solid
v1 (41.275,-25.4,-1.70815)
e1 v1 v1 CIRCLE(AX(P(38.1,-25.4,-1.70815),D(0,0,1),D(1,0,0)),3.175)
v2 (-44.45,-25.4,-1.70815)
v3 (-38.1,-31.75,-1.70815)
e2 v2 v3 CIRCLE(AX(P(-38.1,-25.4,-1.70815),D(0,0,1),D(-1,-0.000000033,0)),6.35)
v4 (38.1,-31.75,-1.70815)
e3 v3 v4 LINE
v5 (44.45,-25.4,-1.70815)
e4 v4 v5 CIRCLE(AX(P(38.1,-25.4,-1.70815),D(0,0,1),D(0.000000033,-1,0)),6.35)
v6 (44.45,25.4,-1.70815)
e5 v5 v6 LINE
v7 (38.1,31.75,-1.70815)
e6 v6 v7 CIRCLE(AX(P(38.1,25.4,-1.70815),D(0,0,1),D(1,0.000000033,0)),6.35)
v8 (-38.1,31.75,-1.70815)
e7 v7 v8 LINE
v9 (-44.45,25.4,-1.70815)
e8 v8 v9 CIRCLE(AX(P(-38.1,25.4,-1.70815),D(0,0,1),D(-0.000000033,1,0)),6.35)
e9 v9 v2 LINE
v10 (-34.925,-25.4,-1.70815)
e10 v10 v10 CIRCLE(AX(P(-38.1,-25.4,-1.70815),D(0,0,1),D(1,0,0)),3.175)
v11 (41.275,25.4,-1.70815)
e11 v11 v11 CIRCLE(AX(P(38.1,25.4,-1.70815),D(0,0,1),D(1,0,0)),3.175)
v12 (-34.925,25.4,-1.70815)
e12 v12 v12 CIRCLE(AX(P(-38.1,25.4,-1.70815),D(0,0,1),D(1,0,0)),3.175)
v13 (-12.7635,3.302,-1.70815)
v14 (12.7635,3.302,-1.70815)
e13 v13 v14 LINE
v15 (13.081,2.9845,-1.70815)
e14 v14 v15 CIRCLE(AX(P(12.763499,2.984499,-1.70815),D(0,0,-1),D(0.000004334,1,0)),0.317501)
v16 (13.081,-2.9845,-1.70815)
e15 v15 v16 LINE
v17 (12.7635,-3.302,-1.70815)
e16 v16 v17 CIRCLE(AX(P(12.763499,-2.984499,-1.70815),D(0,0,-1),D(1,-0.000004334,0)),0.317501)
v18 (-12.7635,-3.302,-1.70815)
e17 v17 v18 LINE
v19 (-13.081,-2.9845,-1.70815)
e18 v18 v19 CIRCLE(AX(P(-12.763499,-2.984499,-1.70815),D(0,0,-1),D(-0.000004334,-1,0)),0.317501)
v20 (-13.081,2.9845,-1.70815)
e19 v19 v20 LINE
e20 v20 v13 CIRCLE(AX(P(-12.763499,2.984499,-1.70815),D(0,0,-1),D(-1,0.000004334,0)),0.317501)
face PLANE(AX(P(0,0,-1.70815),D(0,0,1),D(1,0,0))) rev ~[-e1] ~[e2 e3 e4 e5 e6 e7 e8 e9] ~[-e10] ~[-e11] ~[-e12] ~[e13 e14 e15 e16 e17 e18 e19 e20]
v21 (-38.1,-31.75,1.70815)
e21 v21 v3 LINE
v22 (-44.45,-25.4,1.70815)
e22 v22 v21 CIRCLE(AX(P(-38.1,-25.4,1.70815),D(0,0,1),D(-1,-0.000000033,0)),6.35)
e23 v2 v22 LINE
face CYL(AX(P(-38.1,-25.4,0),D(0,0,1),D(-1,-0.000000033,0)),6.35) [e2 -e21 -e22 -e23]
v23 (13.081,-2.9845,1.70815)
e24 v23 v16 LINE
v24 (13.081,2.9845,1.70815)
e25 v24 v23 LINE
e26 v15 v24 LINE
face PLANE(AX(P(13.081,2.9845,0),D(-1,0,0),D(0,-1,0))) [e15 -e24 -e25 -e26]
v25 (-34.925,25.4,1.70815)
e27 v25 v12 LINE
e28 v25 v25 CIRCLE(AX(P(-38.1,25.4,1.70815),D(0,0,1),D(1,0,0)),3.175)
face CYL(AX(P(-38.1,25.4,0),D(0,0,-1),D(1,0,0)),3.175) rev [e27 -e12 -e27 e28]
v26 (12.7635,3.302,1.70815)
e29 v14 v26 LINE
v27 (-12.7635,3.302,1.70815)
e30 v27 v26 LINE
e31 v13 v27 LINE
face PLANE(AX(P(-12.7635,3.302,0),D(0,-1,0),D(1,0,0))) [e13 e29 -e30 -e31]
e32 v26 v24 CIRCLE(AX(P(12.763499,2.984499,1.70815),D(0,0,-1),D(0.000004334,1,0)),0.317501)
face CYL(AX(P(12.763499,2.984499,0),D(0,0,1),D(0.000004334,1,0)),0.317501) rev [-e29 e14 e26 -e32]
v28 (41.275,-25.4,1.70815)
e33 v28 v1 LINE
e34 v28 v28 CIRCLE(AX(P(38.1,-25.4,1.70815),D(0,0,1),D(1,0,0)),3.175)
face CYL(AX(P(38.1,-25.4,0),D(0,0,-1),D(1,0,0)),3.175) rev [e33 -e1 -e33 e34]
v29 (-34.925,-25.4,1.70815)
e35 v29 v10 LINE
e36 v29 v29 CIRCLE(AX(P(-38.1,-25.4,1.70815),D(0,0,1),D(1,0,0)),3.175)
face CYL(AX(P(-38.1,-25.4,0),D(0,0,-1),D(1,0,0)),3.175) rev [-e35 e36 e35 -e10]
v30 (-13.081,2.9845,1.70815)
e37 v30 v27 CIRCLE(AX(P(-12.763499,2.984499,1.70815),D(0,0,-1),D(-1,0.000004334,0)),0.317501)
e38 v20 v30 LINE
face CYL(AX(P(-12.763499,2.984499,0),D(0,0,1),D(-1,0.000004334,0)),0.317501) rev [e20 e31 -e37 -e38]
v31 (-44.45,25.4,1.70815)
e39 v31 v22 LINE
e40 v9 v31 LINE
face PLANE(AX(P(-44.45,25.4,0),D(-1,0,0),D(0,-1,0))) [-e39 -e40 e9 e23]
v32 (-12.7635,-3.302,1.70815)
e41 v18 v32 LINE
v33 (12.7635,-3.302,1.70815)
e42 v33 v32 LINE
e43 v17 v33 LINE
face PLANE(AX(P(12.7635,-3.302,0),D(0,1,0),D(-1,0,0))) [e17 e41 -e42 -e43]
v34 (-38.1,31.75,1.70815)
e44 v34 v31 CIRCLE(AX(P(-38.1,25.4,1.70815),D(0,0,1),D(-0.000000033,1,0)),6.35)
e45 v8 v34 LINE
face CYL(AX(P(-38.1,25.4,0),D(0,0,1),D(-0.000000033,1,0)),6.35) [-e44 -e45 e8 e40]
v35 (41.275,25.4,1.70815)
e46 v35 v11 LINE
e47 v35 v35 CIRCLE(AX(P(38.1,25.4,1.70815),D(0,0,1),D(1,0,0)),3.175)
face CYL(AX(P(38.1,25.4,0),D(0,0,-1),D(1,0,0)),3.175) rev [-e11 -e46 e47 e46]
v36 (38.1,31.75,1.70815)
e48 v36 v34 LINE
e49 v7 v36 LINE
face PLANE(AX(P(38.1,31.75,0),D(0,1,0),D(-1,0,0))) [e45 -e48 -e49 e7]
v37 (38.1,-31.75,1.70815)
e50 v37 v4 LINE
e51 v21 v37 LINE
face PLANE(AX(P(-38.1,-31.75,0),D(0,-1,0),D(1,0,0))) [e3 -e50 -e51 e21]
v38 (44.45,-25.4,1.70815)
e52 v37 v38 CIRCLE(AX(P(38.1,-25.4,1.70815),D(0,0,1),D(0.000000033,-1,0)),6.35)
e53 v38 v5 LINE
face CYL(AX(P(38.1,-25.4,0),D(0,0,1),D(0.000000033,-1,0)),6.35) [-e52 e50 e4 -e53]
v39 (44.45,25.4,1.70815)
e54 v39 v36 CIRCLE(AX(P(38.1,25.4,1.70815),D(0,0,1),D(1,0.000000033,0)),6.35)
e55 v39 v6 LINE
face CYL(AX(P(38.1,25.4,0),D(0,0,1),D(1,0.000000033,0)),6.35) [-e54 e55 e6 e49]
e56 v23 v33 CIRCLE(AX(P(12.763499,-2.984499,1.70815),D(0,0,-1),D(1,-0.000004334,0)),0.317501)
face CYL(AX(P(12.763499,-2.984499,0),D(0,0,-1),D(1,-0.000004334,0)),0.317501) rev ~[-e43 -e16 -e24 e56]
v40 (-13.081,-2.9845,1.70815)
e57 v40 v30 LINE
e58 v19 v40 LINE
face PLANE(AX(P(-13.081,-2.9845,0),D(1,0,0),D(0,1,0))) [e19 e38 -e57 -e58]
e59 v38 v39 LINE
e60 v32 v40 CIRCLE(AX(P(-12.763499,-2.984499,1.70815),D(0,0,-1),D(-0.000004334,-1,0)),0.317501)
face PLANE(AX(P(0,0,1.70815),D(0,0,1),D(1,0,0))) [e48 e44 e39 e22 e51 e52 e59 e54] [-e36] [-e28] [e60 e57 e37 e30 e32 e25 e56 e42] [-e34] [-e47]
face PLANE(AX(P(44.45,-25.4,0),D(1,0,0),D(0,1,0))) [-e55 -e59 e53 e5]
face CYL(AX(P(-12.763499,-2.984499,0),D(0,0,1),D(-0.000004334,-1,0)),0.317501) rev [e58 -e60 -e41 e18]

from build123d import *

# Parameters (mm, degrees)
F0_R     = 3.175
F1_DEPTH = 1.70815


with BuildPart() as f1:
    # F0 (on Top) → F1 (new body, symmetric)
    with BuildSketch(Plane.XY):
        with BuildLine():
            ThreePointArc((44.45, 25.4), (42.590128, 29.890128), (38.1, 31.75))
            Line((38.1, 31.75), (-38.1, 31.75))
            ThreePointArc((-38.1, 31.75), (-42.590128, 29.890128), (-44.45, 25.4))
            Line((-44.45, 25.4), (-44.45, -25.4))
            ThreePointArc((-44.45, -25.4), (-42.590128, -29.890128), (-38.1, -31.75))
            Line((-38.1, -31.75), (38.1, -31.75))
            ThreePointArc((38.1, -31.75), (42.590128, -29.890128), (44.45, -25.4))
            Line((44.45, -25.4), (44.45, 25.4))
        make_face()
        with Locations((-38.1, -25.4)):
            Circle(F0_R, mode=Mode.SUBTRACT)
        with Locations((38.1, -25.4)):
            Circle(F0_R, mode=Mode.SUBTRACT)
        with Locations((-38.1, 25.4)):
            Circle(F0_R, mode=Mode.SUBTRACT)
        with BuildLine():
            Line((-12.7635, 3.302), (12.7635, 3.302))
            ThreePointArc((12.7635, 3.302), (12.988006, 3.209006), (13.081, 2.9845))
            Line((13.081, 2.9845), (13.081, -2.9845))
            ThreePointArc((13.081, -2.9845), (12.988006, -3.209006), (12.7635, -3.302))
            Line((12.7635, -3.302), (-12.7635, -3.302))
            ThreePointArc((-12.7635, -3.302), (-12.988006, -3.209006), (-13.081, -2.9845))
            Line((-13.081, -2.9845), (-13.081, 2.9845))
            ThreePointArc((-13.081, 2.9845), (-12.988006, 3.209006), (-12.7635, 3.302))
        make_face(mode=Mode.SUBTRACT)
        with Locations((38.1, 25.4)):
            Circle(F0_R, mode=Mode.SUBTRACT)
    extrude(amount=F1_DEPTH, both=True)


solid = f1.part
